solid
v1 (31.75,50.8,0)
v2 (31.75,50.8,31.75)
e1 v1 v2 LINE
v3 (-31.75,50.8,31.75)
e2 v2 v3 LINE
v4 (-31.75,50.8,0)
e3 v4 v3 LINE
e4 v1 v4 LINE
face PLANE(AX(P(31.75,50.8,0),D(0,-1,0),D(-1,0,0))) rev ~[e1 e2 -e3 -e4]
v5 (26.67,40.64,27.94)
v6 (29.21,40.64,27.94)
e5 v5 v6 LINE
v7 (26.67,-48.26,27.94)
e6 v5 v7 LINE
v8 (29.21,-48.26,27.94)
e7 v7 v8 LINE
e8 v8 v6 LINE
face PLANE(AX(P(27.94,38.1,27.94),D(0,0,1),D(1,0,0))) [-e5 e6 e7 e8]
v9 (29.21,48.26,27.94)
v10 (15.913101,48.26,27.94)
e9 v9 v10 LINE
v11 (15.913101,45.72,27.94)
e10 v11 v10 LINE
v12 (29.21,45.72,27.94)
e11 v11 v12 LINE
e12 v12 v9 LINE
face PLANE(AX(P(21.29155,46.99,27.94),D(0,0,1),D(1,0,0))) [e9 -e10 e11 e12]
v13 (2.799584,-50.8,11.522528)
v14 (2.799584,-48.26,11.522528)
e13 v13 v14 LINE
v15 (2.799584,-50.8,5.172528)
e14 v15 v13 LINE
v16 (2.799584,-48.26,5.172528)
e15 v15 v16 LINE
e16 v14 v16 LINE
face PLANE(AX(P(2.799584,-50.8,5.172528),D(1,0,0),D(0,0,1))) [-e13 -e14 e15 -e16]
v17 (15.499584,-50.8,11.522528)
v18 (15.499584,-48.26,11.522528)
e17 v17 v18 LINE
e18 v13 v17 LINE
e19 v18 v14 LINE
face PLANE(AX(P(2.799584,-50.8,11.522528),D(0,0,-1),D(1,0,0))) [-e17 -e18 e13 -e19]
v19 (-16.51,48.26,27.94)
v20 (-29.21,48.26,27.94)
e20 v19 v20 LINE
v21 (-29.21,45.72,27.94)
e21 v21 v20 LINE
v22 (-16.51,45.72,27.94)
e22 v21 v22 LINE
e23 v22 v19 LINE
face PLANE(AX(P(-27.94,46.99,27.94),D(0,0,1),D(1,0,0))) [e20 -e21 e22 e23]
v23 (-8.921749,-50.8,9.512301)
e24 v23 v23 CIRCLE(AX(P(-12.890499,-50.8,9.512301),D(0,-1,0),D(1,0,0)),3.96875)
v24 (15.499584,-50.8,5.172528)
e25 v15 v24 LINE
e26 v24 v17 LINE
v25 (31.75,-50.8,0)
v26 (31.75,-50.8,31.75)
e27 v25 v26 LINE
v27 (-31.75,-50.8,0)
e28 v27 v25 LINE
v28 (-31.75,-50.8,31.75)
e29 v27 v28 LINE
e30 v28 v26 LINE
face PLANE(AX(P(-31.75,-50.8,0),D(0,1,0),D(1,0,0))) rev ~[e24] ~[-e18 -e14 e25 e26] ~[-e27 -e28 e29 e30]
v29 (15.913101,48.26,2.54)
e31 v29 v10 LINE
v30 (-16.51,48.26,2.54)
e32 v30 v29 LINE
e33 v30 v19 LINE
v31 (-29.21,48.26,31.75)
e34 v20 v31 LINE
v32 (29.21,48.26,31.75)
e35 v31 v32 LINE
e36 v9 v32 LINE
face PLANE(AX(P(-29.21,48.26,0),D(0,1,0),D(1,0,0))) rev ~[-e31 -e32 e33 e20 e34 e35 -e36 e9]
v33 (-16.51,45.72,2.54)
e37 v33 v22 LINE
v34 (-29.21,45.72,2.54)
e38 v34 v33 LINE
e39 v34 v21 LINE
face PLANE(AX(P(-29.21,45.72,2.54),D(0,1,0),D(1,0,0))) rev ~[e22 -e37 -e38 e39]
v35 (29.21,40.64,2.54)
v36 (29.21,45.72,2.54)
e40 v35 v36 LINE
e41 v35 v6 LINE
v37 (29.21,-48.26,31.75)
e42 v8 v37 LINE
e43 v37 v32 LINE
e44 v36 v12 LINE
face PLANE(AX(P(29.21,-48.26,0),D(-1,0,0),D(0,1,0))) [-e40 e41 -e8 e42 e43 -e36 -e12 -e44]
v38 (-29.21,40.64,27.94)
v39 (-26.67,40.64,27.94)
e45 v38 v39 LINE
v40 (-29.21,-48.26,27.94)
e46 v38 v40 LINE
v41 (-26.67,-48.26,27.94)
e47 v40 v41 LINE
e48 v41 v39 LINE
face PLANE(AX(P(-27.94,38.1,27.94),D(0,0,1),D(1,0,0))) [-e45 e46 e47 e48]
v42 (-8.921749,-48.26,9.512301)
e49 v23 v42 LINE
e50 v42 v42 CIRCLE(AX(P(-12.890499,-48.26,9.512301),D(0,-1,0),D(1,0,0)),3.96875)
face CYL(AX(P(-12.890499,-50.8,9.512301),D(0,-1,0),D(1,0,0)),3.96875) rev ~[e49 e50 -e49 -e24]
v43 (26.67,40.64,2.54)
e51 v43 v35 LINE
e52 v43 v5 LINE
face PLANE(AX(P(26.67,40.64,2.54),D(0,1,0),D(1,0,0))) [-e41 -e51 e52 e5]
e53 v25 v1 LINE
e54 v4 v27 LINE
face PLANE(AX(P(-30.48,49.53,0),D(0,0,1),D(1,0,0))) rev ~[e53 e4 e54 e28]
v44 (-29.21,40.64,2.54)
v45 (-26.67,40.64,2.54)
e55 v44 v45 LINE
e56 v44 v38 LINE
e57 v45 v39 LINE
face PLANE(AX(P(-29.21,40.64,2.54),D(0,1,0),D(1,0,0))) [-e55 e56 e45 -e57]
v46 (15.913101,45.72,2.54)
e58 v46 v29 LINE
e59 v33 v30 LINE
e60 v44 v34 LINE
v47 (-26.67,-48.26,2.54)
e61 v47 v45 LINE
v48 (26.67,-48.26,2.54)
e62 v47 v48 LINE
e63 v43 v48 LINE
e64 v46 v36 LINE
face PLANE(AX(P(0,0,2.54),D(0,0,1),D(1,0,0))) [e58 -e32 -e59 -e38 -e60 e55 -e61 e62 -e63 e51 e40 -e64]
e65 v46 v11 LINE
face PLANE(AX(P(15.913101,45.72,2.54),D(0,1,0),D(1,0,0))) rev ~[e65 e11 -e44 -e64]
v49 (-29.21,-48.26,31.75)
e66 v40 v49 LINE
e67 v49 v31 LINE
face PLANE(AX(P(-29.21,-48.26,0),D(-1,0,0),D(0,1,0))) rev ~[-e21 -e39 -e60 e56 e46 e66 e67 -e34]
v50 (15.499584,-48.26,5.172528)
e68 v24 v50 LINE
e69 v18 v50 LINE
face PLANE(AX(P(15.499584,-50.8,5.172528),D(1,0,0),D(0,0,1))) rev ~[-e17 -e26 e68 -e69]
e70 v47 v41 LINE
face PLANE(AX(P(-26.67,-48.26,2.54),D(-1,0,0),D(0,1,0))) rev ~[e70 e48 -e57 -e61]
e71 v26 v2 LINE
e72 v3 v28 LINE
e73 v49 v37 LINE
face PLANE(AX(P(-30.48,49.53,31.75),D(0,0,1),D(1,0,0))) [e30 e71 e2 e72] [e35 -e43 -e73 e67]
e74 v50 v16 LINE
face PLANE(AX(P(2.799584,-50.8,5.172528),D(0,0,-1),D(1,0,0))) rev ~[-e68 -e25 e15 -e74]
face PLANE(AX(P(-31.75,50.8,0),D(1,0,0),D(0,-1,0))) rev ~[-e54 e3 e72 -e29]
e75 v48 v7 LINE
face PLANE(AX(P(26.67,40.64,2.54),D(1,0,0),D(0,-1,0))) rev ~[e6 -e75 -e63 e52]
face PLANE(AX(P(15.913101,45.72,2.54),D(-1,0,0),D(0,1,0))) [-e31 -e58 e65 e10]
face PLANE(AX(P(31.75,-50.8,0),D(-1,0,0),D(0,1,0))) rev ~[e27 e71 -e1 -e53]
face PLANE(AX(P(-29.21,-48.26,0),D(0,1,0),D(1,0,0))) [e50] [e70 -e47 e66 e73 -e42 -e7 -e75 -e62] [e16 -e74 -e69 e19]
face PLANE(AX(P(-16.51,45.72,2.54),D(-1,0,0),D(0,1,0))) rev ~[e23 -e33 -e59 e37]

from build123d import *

# Parameters (mm, degrees)
F0_W     = 58.42
F0_H     = 96.52
F1_DEPTH = 2.54
F0_W_2   = 2.54
F0_H_2   = 2.54
F2_DEPTH = 31.75
F3_W     = 2.54
F3_H     = 5.08
F3_H_2   = 2.54
F3_W_2   = 10.16
F3_W_3   = 10.7568990868
F3_H_3   = 83.82
F4_DEPTH = 25.4
F5_R     = 3.96875
F5_W     = 12.7
F5_H     = 6.35
F6_DEPTH = 25.4


with BuildPart() as f1:
    # F0 (on Top) → F1 (new body)
    with BuildSketch(Plane.XY):
        Rectangle(F0_W, F0_H)
    extrude(amount=F1_DEPTH)

    # F0 (on Top) → F2 (join)
    with BuildSketch(Plane.XY):
        with Locations((-30.48, 49.53)):
            Rectangle(F0_W_2, F0_H_2)
        with Locations((0, 49.53)):
            Rectangle(F0_W, F0_H_2)
        with Locations((-30.48, 0)):
            Rectangle(F0_W_2, F0_H)
        with Locations((30.48, 49.53)):
            Rectangle(F0_W_2, F0_H_2)
        with Locations((-30.48, -49.53)):
            Rectangle(F0_W_2, F0_H_2)
        with Locations((30.48, 0)):
            Rectangle(F0_W_2, F0_H)
        with Locations((0, -49.53)):
            Rectangle(F0_W, F0_H_2)
        with Locations((30.48, -49.53)):
            Rectangle(F0_W_2, F0_H_2)
    extrude(amount=F2_DEPTH)

    # F3 (on face) → F4 (join)
    with BuildSketch(Plane.XY.offset(2.54)):
        with Locations((-27.94, 38.1)):
            Rectangle(F3_W, F3_H)
        with Locations((-27.94, 46.99)):
            Rectangle(F3_W, F3_H_2)
        with Locations((-21.59, 46.99)):
            Rectangle(F3_W_2, F3_H_2)
        with Locations((21.2915504566, 46.99)):
            Rectangle(F3_W_3, F3_H_2)
        with Locations((27.94, 46.99)):
            Rectangle(F3_W, F3_H_2)
        with Locations((27.94, 38.1)):
            Rectangle(F3_W, F3_H)
        with Locations((27.94, -6.35)):
            Rectangle(F3_W, F3_H_3)
        with Locations((-27.94, -6.35)):
            Rectangle(F3_W, F3_H_3)
    extrude(amount=F4_DEPTH)

    # F5 (on face) → F6 (cut)
    with BuildSketch(Plane.XZ.offset(50.8)):
        with Locations((-12.8904990852, 9.5123006031)):
            Circle(F5_R)
        with Locations((9.1495838234, 8.3475278727)):
            Rectangle(F5_W, F5_H)
    extrude(amount=-F6_DEPTH, mode=Mode.SUBTRACT)


solid = f1.part
